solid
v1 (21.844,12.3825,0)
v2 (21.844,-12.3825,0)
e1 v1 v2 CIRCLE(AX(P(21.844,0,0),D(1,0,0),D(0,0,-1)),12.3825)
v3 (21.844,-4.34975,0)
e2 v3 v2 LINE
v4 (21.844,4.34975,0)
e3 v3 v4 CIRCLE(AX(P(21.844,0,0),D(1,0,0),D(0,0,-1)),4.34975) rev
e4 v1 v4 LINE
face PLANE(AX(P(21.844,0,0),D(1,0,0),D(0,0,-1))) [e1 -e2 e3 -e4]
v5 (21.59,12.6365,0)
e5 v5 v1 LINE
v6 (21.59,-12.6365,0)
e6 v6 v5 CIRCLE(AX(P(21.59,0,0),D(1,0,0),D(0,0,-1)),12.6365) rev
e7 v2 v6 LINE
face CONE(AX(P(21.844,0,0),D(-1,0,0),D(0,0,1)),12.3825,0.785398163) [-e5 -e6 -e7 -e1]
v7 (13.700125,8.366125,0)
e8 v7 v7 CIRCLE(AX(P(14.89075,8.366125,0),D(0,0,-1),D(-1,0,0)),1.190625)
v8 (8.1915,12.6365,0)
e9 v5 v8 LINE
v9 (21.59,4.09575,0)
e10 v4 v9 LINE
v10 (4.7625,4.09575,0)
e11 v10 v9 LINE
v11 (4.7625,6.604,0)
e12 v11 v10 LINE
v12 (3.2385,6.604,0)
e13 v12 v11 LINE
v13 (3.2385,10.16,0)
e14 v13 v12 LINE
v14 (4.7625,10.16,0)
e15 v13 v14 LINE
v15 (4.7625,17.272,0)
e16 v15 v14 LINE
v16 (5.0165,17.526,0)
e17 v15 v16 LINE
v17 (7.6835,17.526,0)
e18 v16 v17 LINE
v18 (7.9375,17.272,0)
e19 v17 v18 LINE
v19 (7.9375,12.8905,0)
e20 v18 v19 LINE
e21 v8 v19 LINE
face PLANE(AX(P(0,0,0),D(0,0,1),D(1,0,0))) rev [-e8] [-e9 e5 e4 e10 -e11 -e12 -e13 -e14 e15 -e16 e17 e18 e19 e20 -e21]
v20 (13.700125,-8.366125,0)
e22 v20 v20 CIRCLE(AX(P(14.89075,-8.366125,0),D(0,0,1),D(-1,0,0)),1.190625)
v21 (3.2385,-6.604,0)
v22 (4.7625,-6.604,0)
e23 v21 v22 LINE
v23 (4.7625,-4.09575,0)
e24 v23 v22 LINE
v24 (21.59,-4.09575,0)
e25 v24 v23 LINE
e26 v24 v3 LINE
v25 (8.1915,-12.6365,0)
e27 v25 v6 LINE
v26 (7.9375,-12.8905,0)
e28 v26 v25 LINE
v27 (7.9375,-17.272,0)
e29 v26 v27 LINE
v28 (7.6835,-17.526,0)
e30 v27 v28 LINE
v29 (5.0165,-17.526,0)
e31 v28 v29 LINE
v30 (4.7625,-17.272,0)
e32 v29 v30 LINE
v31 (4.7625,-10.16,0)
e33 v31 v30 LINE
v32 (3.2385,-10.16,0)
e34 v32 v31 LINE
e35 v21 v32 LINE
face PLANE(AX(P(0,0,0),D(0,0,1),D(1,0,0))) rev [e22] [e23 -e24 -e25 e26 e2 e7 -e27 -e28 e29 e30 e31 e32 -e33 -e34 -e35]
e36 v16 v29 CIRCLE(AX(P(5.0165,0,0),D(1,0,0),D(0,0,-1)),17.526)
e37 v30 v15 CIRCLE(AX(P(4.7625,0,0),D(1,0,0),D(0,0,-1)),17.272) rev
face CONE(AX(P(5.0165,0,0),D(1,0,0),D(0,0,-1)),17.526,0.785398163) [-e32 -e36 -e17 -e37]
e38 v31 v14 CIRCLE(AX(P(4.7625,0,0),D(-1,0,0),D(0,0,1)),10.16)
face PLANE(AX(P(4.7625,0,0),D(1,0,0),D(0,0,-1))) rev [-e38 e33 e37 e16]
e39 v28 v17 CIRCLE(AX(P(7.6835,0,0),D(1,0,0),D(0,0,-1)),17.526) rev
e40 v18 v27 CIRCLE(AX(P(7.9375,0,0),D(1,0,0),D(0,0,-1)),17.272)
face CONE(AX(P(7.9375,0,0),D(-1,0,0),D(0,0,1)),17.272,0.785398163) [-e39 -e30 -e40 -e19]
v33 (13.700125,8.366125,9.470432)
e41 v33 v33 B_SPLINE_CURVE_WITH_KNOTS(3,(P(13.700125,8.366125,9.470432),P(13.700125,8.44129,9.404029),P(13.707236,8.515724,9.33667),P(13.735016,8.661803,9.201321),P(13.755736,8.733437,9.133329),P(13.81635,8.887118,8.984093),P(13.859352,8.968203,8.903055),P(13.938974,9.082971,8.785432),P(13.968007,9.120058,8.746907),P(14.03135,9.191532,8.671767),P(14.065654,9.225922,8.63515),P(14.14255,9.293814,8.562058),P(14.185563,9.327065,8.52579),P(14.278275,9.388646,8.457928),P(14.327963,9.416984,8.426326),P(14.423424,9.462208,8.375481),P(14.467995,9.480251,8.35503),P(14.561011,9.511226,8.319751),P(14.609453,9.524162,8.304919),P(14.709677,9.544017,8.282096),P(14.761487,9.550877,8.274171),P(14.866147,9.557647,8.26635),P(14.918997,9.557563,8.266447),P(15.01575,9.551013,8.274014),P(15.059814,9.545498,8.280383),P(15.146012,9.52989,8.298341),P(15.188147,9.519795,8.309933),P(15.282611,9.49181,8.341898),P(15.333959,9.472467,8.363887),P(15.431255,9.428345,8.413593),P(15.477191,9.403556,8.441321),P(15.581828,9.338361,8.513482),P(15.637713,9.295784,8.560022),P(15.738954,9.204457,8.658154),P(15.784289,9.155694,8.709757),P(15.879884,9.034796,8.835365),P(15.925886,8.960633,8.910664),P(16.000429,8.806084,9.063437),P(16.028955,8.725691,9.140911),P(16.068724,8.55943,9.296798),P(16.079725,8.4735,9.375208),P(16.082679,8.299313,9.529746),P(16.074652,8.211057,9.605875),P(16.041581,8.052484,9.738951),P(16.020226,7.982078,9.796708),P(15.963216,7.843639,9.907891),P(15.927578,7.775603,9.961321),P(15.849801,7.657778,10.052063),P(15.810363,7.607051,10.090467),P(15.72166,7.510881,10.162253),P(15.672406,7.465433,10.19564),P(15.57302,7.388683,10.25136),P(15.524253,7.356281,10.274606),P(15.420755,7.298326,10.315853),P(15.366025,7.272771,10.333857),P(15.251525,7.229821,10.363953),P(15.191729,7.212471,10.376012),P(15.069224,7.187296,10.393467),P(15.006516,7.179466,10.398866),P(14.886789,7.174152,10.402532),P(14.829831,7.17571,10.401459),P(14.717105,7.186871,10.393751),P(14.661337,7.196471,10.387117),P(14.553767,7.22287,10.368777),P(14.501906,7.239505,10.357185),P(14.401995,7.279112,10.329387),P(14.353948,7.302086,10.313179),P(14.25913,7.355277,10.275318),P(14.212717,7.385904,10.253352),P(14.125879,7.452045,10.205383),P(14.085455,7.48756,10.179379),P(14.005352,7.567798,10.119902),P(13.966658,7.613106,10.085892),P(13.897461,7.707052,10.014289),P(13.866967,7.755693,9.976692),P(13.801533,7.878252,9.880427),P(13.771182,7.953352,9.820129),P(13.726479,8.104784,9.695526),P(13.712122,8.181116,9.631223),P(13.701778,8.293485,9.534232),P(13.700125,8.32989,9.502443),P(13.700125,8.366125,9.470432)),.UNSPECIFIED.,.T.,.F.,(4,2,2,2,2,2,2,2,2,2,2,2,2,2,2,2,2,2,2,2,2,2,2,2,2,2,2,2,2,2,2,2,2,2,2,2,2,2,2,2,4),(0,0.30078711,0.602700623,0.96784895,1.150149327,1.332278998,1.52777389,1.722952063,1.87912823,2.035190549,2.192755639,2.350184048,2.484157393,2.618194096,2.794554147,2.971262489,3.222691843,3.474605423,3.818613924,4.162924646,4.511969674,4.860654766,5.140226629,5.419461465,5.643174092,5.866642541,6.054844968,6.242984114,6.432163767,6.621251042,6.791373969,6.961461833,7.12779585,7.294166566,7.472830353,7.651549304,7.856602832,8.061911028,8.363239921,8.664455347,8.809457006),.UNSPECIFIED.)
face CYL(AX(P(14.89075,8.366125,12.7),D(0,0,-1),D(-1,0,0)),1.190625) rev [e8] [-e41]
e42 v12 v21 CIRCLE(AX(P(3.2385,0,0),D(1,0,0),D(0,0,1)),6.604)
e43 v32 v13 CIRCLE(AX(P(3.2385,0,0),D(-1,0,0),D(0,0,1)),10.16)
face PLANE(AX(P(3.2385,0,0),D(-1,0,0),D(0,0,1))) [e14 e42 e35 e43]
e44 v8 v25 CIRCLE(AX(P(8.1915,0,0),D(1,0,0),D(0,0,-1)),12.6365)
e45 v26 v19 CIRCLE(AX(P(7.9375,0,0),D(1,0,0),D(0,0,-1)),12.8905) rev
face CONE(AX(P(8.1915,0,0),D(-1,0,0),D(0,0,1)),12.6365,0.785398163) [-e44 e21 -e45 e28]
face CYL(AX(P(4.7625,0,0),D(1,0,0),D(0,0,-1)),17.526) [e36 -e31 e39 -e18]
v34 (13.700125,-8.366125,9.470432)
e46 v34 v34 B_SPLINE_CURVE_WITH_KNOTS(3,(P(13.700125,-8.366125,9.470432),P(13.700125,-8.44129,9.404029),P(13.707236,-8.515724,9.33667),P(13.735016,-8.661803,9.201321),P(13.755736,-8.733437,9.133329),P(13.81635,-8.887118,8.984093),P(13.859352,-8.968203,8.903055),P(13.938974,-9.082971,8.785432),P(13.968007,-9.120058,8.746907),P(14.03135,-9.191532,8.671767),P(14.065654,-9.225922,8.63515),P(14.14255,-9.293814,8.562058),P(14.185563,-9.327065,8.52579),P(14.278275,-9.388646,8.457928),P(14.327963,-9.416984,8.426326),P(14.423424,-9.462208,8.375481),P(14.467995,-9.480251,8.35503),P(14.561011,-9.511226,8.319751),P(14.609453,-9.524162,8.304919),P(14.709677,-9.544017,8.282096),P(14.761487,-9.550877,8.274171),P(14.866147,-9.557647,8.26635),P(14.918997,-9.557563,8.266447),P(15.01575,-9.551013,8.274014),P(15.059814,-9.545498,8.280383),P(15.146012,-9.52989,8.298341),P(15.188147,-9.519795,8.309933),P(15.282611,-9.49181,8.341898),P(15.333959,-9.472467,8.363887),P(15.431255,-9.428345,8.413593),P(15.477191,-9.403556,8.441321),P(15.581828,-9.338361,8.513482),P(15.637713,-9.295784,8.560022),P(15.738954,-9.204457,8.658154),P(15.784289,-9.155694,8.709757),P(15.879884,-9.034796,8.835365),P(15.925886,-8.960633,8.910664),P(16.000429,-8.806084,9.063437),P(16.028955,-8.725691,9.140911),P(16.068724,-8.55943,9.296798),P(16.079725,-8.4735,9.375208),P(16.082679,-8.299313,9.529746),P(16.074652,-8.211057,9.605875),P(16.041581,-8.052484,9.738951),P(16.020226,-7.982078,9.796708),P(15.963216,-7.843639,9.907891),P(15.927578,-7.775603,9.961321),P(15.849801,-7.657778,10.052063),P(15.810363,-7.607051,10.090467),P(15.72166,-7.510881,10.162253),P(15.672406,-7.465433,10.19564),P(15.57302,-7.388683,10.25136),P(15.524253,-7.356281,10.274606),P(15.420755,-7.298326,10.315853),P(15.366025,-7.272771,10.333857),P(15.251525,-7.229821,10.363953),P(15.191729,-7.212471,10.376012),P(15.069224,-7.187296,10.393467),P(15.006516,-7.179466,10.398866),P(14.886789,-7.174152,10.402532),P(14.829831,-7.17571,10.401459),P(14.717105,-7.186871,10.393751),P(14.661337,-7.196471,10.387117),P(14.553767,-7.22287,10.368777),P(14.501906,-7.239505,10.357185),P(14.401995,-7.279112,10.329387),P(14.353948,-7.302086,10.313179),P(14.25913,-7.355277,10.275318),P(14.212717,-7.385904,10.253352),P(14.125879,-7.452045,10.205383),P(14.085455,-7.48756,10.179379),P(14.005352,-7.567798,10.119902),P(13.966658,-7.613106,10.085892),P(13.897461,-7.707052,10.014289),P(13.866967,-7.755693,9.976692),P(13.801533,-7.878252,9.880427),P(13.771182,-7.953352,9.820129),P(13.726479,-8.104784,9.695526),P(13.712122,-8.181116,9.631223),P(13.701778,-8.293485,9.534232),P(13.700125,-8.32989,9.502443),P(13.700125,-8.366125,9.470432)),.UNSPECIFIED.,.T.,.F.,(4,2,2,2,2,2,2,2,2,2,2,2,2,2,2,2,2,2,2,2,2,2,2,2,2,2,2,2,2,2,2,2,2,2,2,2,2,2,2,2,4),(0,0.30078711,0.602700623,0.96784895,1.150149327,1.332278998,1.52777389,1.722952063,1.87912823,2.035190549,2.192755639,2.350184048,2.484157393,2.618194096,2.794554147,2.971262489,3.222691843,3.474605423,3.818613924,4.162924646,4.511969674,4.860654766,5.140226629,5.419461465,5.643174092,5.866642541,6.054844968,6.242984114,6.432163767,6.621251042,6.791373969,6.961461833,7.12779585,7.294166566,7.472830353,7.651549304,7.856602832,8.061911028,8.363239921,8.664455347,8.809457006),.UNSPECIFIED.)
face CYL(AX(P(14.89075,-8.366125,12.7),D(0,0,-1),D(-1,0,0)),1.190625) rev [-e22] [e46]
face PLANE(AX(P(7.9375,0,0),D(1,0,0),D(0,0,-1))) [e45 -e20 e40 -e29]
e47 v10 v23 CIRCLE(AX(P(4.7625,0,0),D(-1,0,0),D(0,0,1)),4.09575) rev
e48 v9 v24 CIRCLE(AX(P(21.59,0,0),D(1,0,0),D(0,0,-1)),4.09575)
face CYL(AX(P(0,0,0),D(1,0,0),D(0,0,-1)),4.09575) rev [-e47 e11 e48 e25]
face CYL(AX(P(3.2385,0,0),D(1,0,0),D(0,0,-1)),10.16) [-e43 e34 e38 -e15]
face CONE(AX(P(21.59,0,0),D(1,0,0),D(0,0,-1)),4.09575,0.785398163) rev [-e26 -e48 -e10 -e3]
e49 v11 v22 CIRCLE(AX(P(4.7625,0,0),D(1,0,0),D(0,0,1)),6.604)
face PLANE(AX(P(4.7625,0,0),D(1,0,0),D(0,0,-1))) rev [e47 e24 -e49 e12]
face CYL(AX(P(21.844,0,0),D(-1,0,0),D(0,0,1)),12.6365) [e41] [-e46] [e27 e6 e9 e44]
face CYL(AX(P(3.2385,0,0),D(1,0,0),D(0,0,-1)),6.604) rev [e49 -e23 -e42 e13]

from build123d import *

# Parameters (mm, degrees)
SKETCH1_R           = 12.6365
BOSS_EXTRUDE1_DEPTH = 21.844
SKETCH2_R           = 17.526
BOSS_EXTRUDE2_DEPTH = 3.175
CHAMFER1_SIZE       = 0.254
SKETCH3_R           = 4.09575
CUT_EXTRUDE1_DEPTH  = 34.037579936
CHAMFER2_SIZE       = 0.254
SKETCH4_R           = 1.984375
CUT_EXTRUDE2_DEPTH  = 22.606
SKETCH5_R           = 12.8905
CUT_EXTRUDE3_DEPTH  = 4.7625
SKETCH6_W           = 26.198256486
SKETCH6_H           = 39.009491802
CUT_EXTRUDE4_DEPTH  = 41.783
SKETCH7_R           = 1.190625
CUT_EXTRUDE5_DEPTH  = 12.7
BOSS_EXTRUDE3_DEPTH = 1.524


with BuildPart() as part:
    # Sketch1 → Boss-Extrude1 (new body)
    with BuildSketch(Plane(origin=(0, 0, 0), x_dir=(0, 0, -1), z_dir=(1, 0, 0))):
        Circle(SKETCH1_R)
    extrude(amount=BOSS_EXTRUDE1_DEPTH)

    # Sketch2 → Boss-Extrude2 (add)
    with BuildSketch(Plane(origin=(7.9375, 0, 0), x_dir=(0, 0, -1), z_dir=(1, 0, 0))):
        Circle(SKETCH2_R)
    extrude(amount=-BOSS_EXTRUDE2_DEPTH)

    # Chamfer1
    chamfer1_edges = [part.edges().sort_by_distance(p)[0] for p in [
        (0, 0, 12.6365),
        (21.844, 0, 12.6365),
        (4.7625, 0, 12.6365),
        (7.9375, 0, 12.6365),
        (4.7625, 0, 17.526),
        (7.9375, 0, 17.526),
    ]]
    chamfer(chamfer1_edges, length=CHAMFER1_SIZE)

    # Sketch3 → Cut-Extrude1 (cut, through all)
    with BuildSketch(Plane(origin=(21.844, 0, 0), x_dir=(0, 0, -1), z_dir=(1, 0, 0))):
        Circle(SKETCH3_R)
    extrude(amount=-CUT_EXTRUDE1_DEPTH, mode=Mode.SUBTRACT)

    # Chamfer2
    chamfer2_edges = [part.edges().sort_by_distance(p)[0] for p in [
        (0, 0, 4.09575),
        (21.844, 0, 4.09575),
    ]]
    chamfer(chamfer2_edges, length=CHAMFER2_SIZE)

    # Sketch4 → Cut-Extrude2 (cut)
    with BuildSketch(Plane.XY):
        with Locations((14.89075, 0)):
            Circle(SKETCH4_R)
    extrude(amount=-CUT_EXTRUDE2_DEPTH, mode=Mode.SUBTRACT)

    # Sketch5 → Cut-Extrude3 (cut)
    with BuildSketch(Plane.ZY):
        Circle(SKETCH5_R)
    extrude(amount=-CUT_EXTRUDE3_DEPTH, mode=Mode.SUBTRACT)

    # Sketch6 → Cut-Extrude4 (cut)
    with BuildSketch(Plane.XY):
        with Locations((13.991232321, 0)):
            Rectangle(SKETCH6_W, SKETCH6_H)
    extrude(amount=-CUT_EXTRUDE4_DEPTH, mode=Mode.SUBTRACT)

    # Sketch7 → Cut-Extrude5 (cut)
    with BuildSketch(Plane(origin=(0, 0, 0), x_dir=(-1, 0, 0), z_dir=(0, 0, -1))):
        with Locations((-14.89075, 8.366125)):
            Circle(SKETCH7_R)
    cut_extrude5 = extrude(amount=-CUT_EXTRUDE5_DEPTH, mode=Mode.SUBTRACT)

    # Mirror1: Cut-Extrude5 across plane
    add(cut_extrude5.mirror(Plane.ZX), mode=Mode.SUBTRACT)

    # Sketch8 → Boss-Extrude3 (add)
    with BuildSketch(Plane.ZY.offset(-4.7625)):
        with BuildLine():
            Line((0, -10.16), (0, -6.604))
            ThreePointArc((0, -6.604), (6.604, 0), (0, 6.604))
            Line((0, 6.604), (0, 10.16))
            ThreePointArc((0, 10.16), (10.16, 0), (0, -10.16))
        make_face()
    extrude(amount=BOSS_EXTRUDE3_DEPTH)


solid = part.part
